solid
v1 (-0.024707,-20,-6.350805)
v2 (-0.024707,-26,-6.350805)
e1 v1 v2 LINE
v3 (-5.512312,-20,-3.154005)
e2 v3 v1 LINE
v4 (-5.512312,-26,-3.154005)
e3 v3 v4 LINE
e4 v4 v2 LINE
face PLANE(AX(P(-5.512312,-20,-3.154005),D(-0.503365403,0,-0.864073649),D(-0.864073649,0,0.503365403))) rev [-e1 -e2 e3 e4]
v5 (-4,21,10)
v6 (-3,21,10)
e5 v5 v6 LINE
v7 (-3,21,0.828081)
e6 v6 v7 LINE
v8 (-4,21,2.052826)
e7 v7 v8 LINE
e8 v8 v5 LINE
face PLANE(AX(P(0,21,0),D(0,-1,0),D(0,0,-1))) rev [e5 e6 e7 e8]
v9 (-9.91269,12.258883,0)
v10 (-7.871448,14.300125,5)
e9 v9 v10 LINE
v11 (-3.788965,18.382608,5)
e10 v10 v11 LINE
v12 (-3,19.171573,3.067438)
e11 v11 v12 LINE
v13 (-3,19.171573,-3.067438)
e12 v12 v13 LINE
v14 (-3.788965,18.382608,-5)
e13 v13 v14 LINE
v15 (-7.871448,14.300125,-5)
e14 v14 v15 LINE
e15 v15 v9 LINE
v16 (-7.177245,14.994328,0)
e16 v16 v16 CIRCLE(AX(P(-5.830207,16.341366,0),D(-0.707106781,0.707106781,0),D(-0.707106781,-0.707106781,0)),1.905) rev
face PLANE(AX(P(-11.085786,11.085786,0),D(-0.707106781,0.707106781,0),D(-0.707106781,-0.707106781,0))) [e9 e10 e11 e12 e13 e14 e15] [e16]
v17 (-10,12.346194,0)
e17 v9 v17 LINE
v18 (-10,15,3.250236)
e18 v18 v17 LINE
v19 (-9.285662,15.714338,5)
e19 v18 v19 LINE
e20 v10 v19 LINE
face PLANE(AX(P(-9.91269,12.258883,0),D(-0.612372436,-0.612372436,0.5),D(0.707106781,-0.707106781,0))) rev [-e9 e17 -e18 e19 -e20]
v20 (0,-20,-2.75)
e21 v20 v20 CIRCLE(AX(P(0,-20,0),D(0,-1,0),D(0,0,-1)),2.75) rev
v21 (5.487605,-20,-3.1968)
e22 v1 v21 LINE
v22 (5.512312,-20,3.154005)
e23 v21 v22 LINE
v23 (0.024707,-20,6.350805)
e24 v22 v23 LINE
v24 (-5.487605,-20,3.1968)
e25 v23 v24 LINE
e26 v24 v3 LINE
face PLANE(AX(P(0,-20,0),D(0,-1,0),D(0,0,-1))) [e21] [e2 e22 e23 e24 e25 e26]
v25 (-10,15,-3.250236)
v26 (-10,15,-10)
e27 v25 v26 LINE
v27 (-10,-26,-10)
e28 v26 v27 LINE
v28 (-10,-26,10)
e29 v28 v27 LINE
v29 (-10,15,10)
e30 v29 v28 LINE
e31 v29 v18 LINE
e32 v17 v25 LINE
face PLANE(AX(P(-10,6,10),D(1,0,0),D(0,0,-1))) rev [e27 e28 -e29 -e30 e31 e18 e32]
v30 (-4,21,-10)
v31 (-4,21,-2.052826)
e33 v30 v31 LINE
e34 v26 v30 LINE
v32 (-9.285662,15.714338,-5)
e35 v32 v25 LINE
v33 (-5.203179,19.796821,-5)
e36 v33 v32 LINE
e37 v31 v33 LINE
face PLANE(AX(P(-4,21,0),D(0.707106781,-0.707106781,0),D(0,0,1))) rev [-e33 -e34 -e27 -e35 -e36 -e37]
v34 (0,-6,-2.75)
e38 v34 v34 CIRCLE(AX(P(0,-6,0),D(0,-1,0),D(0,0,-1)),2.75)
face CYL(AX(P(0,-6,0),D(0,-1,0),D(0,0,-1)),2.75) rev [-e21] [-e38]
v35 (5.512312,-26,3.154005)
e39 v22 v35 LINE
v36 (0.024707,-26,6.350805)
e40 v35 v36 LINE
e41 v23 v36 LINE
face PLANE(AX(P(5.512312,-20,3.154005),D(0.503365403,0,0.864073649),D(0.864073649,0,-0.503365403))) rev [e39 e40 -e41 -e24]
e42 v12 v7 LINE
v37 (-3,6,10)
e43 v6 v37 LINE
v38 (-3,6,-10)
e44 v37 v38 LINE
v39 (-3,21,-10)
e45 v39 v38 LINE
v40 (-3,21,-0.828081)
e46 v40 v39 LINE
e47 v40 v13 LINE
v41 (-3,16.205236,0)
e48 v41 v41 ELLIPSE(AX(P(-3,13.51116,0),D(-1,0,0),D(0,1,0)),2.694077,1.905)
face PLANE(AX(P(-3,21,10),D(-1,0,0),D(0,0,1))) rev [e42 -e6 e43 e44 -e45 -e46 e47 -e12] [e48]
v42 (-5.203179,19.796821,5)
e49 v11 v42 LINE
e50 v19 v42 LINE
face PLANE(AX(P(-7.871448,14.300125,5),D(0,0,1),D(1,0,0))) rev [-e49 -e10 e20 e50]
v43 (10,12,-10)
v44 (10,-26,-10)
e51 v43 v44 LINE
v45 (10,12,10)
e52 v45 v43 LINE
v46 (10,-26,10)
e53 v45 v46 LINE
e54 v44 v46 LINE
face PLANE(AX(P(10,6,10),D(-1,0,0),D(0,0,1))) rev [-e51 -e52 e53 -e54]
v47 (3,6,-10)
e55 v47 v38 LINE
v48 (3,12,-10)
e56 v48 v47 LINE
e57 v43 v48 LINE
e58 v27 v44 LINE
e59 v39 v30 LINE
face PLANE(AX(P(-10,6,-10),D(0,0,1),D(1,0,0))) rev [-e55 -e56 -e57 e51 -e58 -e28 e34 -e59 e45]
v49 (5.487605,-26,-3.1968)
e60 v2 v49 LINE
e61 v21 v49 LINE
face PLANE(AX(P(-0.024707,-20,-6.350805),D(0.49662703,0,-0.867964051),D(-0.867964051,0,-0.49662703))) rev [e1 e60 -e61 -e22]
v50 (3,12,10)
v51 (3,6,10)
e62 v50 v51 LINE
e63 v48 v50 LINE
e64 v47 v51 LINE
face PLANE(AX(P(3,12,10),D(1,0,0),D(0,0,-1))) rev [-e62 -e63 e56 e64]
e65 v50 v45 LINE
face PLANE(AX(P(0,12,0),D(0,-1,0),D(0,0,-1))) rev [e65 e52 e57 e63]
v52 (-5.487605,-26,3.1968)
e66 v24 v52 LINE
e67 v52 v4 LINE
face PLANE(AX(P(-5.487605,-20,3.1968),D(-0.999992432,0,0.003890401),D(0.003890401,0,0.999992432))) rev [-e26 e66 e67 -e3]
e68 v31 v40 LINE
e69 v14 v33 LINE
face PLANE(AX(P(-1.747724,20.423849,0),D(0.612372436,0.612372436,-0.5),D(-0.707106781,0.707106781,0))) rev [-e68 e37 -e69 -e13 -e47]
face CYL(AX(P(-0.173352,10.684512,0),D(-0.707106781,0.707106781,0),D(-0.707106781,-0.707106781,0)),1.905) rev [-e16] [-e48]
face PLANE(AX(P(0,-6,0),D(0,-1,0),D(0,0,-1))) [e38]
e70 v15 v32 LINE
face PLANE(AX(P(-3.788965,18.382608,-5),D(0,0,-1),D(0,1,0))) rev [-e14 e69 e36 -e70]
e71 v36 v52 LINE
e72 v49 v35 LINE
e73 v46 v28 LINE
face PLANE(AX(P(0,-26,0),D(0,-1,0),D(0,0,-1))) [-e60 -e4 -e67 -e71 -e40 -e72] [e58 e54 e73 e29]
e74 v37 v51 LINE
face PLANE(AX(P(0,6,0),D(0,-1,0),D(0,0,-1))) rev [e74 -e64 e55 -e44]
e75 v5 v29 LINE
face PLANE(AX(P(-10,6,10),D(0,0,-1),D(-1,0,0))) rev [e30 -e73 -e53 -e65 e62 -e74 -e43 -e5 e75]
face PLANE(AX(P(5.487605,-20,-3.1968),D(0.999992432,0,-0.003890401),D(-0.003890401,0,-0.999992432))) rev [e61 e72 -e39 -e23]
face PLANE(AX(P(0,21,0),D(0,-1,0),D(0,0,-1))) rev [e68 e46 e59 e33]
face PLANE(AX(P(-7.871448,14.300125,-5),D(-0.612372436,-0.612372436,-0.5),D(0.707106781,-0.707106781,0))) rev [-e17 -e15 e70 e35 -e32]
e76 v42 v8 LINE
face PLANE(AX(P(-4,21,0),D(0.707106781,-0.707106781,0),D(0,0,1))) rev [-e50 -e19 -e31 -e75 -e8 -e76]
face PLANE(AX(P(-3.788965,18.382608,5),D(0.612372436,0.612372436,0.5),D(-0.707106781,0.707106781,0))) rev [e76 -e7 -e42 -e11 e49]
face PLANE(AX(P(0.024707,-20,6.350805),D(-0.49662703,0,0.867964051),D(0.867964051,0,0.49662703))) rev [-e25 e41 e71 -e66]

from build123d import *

# Parameters (mm, degrees)
SKETCH1_W           = 20
SKETCH1_H           = 20
BOSS_EXTRUDE1_DEPTH = 6
SKETCH2_W           = 7
SKETCH2_H           = 20
BOSS_EXTRUDE2_DEPTH = 6
SKETCH3_W           = 7
SKETCH3_H           = 20
BOSS_EXTRUDE3_DEPTH = 15
CHAMFER1_SIZE       = 6
SKETCH4_R           = 1.905
CUT_EXTRUDE1_DEPTH  = 10
SKETCH5_W           = 20
SKETCH5_H           = 20
BOSS_EXTRUDE4_DEPTH = 26
CUT_EXTRUDE2_DEPTH  = 2
SKETCH7_R           = 2.75
CUT_EXTRUDE3_DEPTH  = 20
CUT_EXTRUDE4_DEPTH  = 6


with BuildPart() as part:
    # Sketch1 → Boss-Extrude1 (new body)
    with BuildSketch(Plane(origin=(0, 0, 0), x_dir=(1, 0, 0), z_dir=(0, 1, 0))):
        Rectangle(SKETCH1_W, SKETCH1_H)
    extrude(amount=BOSS_EXTRUDE1_DEPTH)

    # Sketch2 → Boss-Extrude2 (add)
    with BuildSketch(Plane(origin=(0, 6, 0), x_dir=(1, 0, 0), z_dir=(0, 1, 0))):
        with Locations((6.5, 0)):
            Rectangle(SKETCH2_W, SKETCH2_H)
    extrude(amount=BOSS_EXTRUDE2_DEPTH)

    # Sketch3 → Boss-Extrude3 (add)
    with BuildSketch(Plane(origin=(0, 6, 0), x_dir=(1, 0, 0), z_dir=(0, 1, 0))):
        with Locations((-6.5, 0)):
            Rectangle(SKETCH3_W, SKETCH3_H)
    extrude(amount=BOSS_EXTRUDE3_DEPTH)

    # Chamfer1
    chamfer1_edges = [part.edges().sort_by_distance(p)[0] for p in [
        (-10, 21, 0),
    ]]
    chamfer(chamfer1_edges, length=CHAMFER1_SIZE)

    # Sketch4 → Cut-Extrude1 (cut)
    with BuildSketch(Plane(origin=(-12.5, 12.5, 0), x_dir=(0, 0, 1), z_dir=(-0.7071067811865489, 0.7071067811865462, 0))):
        with Locations(Location((0, 7.432512212, 0), (0, 0, 270))):
            Circle(SKETCH4_R)
    extrude(amount=-CUT_EXTRUDE1_DEPTH, mode=Mode.SUBTRACT)

    # Sketch5 → Boss-Extrude4 (add)
    with BuildSketch(Plane.XZ):
        Rectangle(SKETCH5_W, SKETCH5_H)
    extrude(amount=BOSS_EXTRUDE4_DEPTH)

    # Sketch6 → Cut-Extrude2 (cut)
    with BuildSketch(Plane(origin=(-12.5, 12.5, 0), x_dir=(0, 0, 1), z_dir=(-0.7071067811865489, 0.7071067811865462, 0))):
        Polygon((0, 13.206014904), (-5, 10.319263558), (-5, 4.545760866), (0, 1.65900952), (5, 4.545760866), (5, 10.319263558), align=None)
    extrude(amount=-CUT_EXTRUDE2_DEPTH, mode=Mode.SUBTRACT)

    # Sketch7 → Cut-Extrude3 (cut)
    with BuildSketch(Plane(origin=(0, -26, 0), x_dir=(-1, 0, 0), z_dir=(0, -1, 0))):
        with Locations(Location((0, 0, 0), (0, 0, 90))):
            Circle(SKETCH7_R)
    extrude(amount=-CUT_EXTRUDE3_DEPTH, mode=Mode.SUBTRACT)

    # Sketch8 → Cut-Extrude4 (cut)
    with BuildSketch(Plane(origin=(0, -26, 0), x_dir=(-1, 0, 0), z_dir=(0, -1, 0))):
        Polygon((5.487604694, -3.196799658), (5.512312062, 3.154005243), (0.024707367, 6.3508049), (-5.487604694, 3.196799658), (-5.512312062, -3.154005243), (-0.024707367, -6.3508049), align=None)
    extrude(amount=-CUT_EXTRUDE4_DEPTH, mode=Mode.SUBTRACT)


solid = part.part
